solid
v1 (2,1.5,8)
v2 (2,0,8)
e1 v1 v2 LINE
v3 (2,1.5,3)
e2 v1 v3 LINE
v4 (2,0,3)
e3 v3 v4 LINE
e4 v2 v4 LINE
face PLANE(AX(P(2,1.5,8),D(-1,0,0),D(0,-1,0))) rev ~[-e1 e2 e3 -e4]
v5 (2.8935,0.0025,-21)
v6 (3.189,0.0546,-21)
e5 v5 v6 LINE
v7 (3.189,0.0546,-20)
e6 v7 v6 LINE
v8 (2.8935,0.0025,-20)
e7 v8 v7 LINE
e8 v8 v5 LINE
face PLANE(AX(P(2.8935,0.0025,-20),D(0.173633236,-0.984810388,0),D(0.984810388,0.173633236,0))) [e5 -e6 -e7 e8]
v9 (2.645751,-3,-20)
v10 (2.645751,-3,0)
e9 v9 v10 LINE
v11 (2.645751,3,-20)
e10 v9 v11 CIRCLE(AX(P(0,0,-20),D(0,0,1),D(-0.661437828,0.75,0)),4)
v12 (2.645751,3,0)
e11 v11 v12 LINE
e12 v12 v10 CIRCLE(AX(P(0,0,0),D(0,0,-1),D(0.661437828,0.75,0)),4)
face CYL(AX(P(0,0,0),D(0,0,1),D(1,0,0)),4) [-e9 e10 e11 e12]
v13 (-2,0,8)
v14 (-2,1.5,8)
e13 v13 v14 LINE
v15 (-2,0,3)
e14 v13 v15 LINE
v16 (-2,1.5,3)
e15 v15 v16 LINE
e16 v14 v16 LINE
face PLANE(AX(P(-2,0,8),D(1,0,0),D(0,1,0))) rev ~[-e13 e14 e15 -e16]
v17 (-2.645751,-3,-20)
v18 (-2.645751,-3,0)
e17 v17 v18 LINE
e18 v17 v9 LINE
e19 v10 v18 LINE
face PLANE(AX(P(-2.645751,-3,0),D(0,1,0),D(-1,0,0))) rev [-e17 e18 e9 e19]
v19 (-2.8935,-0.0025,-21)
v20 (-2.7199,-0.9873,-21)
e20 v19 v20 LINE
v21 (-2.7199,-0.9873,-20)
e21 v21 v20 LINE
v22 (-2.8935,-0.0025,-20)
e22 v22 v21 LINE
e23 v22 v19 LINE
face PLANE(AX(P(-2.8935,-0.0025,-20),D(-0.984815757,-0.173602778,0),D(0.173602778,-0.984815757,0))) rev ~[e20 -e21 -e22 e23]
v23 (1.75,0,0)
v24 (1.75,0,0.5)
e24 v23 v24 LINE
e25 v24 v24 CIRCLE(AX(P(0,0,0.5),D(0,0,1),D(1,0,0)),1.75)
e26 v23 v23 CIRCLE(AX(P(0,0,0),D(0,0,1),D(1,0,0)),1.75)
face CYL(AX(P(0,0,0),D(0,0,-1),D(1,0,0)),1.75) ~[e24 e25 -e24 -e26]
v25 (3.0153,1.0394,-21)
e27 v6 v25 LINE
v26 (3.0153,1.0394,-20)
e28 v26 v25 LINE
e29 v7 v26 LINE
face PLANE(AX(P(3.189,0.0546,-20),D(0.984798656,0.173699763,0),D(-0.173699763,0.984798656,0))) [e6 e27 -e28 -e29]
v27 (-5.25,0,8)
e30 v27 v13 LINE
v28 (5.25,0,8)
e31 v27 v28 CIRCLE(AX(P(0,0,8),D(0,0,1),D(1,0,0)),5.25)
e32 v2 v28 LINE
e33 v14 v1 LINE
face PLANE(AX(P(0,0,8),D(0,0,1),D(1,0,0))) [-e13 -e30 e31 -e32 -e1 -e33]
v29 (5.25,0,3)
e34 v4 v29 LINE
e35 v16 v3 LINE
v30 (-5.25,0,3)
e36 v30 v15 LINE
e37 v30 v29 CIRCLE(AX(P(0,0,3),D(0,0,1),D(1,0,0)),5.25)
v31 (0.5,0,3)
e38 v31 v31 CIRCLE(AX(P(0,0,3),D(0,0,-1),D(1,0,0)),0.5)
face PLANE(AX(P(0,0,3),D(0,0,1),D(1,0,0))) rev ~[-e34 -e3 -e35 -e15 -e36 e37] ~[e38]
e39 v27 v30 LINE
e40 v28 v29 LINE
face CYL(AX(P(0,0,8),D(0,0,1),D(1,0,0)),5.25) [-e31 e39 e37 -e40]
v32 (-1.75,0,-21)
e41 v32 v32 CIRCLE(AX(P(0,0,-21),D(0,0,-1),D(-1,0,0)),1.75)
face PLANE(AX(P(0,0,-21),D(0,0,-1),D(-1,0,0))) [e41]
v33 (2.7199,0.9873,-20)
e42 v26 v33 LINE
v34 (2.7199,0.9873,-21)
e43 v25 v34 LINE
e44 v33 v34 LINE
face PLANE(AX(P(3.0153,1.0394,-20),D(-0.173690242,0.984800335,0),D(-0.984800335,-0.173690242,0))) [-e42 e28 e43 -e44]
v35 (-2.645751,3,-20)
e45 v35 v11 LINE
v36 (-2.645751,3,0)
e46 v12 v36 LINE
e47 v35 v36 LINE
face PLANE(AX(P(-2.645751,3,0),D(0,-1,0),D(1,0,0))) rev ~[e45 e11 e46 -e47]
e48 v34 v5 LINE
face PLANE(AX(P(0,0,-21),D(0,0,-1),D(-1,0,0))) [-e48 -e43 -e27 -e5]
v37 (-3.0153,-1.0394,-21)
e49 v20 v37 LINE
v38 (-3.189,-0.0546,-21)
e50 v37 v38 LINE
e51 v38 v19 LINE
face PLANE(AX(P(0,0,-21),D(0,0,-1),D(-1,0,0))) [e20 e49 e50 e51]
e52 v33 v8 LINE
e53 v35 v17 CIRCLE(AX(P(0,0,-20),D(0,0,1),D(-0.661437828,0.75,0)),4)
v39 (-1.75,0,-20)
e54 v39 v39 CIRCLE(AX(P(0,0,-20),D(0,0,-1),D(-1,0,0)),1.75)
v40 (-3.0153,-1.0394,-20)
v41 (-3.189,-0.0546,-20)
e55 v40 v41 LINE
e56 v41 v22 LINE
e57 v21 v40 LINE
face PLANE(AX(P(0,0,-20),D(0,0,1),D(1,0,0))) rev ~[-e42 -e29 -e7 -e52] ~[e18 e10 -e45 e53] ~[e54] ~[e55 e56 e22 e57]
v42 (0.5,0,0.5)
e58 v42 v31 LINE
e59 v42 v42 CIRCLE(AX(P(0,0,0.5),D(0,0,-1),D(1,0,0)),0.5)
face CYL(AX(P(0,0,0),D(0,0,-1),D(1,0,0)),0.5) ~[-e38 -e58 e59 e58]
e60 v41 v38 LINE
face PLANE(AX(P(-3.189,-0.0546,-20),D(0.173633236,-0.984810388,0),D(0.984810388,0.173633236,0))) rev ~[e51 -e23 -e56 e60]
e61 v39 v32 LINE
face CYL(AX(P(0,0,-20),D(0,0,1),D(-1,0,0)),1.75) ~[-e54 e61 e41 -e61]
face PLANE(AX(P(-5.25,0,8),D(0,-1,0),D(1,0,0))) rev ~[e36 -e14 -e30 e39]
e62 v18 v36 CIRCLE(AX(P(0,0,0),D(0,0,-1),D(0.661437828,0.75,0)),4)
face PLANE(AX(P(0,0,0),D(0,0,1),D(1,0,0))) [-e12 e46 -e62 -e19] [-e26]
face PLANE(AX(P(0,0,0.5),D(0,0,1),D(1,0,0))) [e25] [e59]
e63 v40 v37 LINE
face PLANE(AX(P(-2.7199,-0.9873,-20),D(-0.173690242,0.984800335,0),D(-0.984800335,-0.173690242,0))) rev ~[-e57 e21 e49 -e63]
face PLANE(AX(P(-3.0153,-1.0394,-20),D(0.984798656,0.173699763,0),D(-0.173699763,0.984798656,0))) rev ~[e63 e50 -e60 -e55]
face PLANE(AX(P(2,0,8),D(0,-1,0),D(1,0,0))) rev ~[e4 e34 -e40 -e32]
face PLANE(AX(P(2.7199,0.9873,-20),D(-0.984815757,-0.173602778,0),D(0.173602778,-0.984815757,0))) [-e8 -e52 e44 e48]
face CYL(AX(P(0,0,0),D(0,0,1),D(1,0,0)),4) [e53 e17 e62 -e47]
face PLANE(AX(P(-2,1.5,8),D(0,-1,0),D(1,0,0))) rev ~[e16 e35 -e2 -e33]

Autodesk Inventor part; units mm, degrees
ref_plane "YZ Plane" through (0, 0, 0) normal (1, 0, 0) x (0, 1, 0)
ref_plane "XZ Plane" through (0, 0, 0) normal (0, 1, 0) x (-1, 0, 0)
ref_plane "XY Plane" through (0, 0, 0) normal (0, 0, 1) x (1, 0, 0)
sketch "Sketch2" plane through (0, 0, 0) normal (0, 0, 1) x (1, 0, 0)
  circle A0 centre (0, 0) radius 4
  dimension "d0" = 8
extrude "Extrusion1" add sketch "Sketch2" against normal blind 20
sketch "Sketch3" plane through (0, 0, 0) normal (0, 0, 1) x (1, 0, 0)
  circle A0 centre (0, 0) radius 4 projected
  line L0 (-4, 3) -> (4, 3)
  line L1 (4, 3) -> (4, -3)
  line L2 (4, -3) -> (-4, -3)
  line L3 (-4, -3) -> (-4, 3)
  line L4 (-4, 3) -> (4, 3)
  line L5 (4, 3) -> (4, 4)
  line L6 (4, 4) -> (-4, 4)
  line L7 (-4, 4) -> (-4, 3)
  line L8 (-4, 0) -> (4, 0) construction
  point P0 (4, 3.5)
  dimension "d3" = 6
extrude "Extrusion2" cut sketch "Sketch3" against normal up to surface (20 mm away) from surface at 0 contours L0 A0 | A0 L6 L5 L0 | A0 L0 L7 L6
mirror "Mirror1" about plane through (0, 0, 0) normal (0, 1, 0) of "Extrusion2"
sketch "Sketch5" plane through (0, 0, 0) normal (0, 0, 1) x (1, 0, 0)
  circle A0 centre (0, 0) radius 1.75
  dimension "d6" = 3.5
extrude "Extrusion3" add sketch "Sketch5" along normal blind 0.5
sketch "Sketch6" plane through (0, 0, 0) normal (0, 0, 1) x (1, 0, 0)
  circle A0 centre (0, 0) radius 0.5
  dimension "d9" = 1
extrude "Extrusion4" add sketch "Sketch6" along normal blind 8
sketch "Sketch7" plane through (0, 0, 8) normal (0, 0, 1) x (1, 0, 0)
  circle A0 centre (0, 0) radius 5.25
  dimension "d12" = 10.5
extrude "Extrusion5" add sketch "Sketch7" against normal blind 5
sketch "Sketch8" plane through (0, 0, 8) normal (0, 0, 1) x (1, 0, 0)
  circle A0 centre (0, 0) radius 5.25 projected
  line L0 (-2, 1.5) -> (2, 1.5)
  line L1 (2, 1.5) -> (2, 0)
  line L2 (2, 0) -> (-2, 0)
  line L3 (-2, 0) -> (-2, 1.5)
  line L4 (-5.25, 0) -> (5.25, 0)
  dimension "d15" = 4
  dimension "d16" = 1.5
extrude "Extrusion6" cut sketch "Sketch8" against normal up to surface (5 mm away) contours L4 L1 L0 L3 A0
sketch "Sketch9" plane through (0, 0, -20) normal (0, 0, -1) x (-1, 0, 0)
  circle A0 centre (0, 0) radius 1.75
  dimension "d19" = 3.5
extrude "Extrusion7" add sketch "Sketch9" along normal blind 1
sketch "Sketch10" plane through (0, 0, -20) normal (0, 0, -1) x (-1, 0, 0)
  circle A0 centre (0, 0) radius 1.75 projected
  line L0 (-2.6458, -3) -> (2.6458, -3) projected
  arc A1 (2.6458, -3) -> (2.6458, 3) centre (0, 0) ccw projected
  line L1 (2.6458, 3) -> (-2.6458, 3) projected
  arc A2 (-2.6458, 3) -> (-2.6458, -3) centre (0, 0) ccw projected
  arc A3 (-2.6458, 3) -> (-2.6458, -3) centre (0, 0) ccw construction
  line L2 (-4, 0) -> (4, 0) construction
  arc A4 (2.6458, -3) -> (2.6458, 3) centre (0, 0) ccw construction
  line L3 (-3.9392, 0.6946) -> (3.9392, -0.6946) construction
  line L4 (-3.0153, 1.0394) -> (-2.7199, 0.9873)
  line L5 (-2.7199, 0.9873) -> (-2.8935, 0.0025)
  line L6 (-2.8935, 0.0025) -> (-3.189, 0.0546)
  line L7 (-3.189, 0.0546) -> (-3.0153, 1.0394)
  line L8 (0.3039, 1.7234) -> (-0.3039, -1.7234) construction
  line L9 (3.189, -0.0546) -> (2.8935, -0.0025)
  line L10 (2.8935, -0.0025) -> (2.7199, -0.9873)
  line L11 (2.7199, -0.9873) -> (3.0153, -1.0394)
  line L12 (3.0153, -1.0394) -> (3.189, -0.0546)
  point P0 (0, 0)
  dimension "d22" = 10
  dimension "d23" = 0.3
  dimension "d24" = 1
  dimension "d25" = 0.5
  dimension "d26" = 2.85
extrude "Extrusion8" add sketch "Sketch10" along normal blind 1 contours L4 L5 L6 L7 | L12 L11 L10 L9
ref_plane "Work Plane1" through (0, 0, 0) normal (0, 1, 0) x (-1, 0, 0)
equation "\"d25\" = 0.5 * d24"
properties part number "308-106"
